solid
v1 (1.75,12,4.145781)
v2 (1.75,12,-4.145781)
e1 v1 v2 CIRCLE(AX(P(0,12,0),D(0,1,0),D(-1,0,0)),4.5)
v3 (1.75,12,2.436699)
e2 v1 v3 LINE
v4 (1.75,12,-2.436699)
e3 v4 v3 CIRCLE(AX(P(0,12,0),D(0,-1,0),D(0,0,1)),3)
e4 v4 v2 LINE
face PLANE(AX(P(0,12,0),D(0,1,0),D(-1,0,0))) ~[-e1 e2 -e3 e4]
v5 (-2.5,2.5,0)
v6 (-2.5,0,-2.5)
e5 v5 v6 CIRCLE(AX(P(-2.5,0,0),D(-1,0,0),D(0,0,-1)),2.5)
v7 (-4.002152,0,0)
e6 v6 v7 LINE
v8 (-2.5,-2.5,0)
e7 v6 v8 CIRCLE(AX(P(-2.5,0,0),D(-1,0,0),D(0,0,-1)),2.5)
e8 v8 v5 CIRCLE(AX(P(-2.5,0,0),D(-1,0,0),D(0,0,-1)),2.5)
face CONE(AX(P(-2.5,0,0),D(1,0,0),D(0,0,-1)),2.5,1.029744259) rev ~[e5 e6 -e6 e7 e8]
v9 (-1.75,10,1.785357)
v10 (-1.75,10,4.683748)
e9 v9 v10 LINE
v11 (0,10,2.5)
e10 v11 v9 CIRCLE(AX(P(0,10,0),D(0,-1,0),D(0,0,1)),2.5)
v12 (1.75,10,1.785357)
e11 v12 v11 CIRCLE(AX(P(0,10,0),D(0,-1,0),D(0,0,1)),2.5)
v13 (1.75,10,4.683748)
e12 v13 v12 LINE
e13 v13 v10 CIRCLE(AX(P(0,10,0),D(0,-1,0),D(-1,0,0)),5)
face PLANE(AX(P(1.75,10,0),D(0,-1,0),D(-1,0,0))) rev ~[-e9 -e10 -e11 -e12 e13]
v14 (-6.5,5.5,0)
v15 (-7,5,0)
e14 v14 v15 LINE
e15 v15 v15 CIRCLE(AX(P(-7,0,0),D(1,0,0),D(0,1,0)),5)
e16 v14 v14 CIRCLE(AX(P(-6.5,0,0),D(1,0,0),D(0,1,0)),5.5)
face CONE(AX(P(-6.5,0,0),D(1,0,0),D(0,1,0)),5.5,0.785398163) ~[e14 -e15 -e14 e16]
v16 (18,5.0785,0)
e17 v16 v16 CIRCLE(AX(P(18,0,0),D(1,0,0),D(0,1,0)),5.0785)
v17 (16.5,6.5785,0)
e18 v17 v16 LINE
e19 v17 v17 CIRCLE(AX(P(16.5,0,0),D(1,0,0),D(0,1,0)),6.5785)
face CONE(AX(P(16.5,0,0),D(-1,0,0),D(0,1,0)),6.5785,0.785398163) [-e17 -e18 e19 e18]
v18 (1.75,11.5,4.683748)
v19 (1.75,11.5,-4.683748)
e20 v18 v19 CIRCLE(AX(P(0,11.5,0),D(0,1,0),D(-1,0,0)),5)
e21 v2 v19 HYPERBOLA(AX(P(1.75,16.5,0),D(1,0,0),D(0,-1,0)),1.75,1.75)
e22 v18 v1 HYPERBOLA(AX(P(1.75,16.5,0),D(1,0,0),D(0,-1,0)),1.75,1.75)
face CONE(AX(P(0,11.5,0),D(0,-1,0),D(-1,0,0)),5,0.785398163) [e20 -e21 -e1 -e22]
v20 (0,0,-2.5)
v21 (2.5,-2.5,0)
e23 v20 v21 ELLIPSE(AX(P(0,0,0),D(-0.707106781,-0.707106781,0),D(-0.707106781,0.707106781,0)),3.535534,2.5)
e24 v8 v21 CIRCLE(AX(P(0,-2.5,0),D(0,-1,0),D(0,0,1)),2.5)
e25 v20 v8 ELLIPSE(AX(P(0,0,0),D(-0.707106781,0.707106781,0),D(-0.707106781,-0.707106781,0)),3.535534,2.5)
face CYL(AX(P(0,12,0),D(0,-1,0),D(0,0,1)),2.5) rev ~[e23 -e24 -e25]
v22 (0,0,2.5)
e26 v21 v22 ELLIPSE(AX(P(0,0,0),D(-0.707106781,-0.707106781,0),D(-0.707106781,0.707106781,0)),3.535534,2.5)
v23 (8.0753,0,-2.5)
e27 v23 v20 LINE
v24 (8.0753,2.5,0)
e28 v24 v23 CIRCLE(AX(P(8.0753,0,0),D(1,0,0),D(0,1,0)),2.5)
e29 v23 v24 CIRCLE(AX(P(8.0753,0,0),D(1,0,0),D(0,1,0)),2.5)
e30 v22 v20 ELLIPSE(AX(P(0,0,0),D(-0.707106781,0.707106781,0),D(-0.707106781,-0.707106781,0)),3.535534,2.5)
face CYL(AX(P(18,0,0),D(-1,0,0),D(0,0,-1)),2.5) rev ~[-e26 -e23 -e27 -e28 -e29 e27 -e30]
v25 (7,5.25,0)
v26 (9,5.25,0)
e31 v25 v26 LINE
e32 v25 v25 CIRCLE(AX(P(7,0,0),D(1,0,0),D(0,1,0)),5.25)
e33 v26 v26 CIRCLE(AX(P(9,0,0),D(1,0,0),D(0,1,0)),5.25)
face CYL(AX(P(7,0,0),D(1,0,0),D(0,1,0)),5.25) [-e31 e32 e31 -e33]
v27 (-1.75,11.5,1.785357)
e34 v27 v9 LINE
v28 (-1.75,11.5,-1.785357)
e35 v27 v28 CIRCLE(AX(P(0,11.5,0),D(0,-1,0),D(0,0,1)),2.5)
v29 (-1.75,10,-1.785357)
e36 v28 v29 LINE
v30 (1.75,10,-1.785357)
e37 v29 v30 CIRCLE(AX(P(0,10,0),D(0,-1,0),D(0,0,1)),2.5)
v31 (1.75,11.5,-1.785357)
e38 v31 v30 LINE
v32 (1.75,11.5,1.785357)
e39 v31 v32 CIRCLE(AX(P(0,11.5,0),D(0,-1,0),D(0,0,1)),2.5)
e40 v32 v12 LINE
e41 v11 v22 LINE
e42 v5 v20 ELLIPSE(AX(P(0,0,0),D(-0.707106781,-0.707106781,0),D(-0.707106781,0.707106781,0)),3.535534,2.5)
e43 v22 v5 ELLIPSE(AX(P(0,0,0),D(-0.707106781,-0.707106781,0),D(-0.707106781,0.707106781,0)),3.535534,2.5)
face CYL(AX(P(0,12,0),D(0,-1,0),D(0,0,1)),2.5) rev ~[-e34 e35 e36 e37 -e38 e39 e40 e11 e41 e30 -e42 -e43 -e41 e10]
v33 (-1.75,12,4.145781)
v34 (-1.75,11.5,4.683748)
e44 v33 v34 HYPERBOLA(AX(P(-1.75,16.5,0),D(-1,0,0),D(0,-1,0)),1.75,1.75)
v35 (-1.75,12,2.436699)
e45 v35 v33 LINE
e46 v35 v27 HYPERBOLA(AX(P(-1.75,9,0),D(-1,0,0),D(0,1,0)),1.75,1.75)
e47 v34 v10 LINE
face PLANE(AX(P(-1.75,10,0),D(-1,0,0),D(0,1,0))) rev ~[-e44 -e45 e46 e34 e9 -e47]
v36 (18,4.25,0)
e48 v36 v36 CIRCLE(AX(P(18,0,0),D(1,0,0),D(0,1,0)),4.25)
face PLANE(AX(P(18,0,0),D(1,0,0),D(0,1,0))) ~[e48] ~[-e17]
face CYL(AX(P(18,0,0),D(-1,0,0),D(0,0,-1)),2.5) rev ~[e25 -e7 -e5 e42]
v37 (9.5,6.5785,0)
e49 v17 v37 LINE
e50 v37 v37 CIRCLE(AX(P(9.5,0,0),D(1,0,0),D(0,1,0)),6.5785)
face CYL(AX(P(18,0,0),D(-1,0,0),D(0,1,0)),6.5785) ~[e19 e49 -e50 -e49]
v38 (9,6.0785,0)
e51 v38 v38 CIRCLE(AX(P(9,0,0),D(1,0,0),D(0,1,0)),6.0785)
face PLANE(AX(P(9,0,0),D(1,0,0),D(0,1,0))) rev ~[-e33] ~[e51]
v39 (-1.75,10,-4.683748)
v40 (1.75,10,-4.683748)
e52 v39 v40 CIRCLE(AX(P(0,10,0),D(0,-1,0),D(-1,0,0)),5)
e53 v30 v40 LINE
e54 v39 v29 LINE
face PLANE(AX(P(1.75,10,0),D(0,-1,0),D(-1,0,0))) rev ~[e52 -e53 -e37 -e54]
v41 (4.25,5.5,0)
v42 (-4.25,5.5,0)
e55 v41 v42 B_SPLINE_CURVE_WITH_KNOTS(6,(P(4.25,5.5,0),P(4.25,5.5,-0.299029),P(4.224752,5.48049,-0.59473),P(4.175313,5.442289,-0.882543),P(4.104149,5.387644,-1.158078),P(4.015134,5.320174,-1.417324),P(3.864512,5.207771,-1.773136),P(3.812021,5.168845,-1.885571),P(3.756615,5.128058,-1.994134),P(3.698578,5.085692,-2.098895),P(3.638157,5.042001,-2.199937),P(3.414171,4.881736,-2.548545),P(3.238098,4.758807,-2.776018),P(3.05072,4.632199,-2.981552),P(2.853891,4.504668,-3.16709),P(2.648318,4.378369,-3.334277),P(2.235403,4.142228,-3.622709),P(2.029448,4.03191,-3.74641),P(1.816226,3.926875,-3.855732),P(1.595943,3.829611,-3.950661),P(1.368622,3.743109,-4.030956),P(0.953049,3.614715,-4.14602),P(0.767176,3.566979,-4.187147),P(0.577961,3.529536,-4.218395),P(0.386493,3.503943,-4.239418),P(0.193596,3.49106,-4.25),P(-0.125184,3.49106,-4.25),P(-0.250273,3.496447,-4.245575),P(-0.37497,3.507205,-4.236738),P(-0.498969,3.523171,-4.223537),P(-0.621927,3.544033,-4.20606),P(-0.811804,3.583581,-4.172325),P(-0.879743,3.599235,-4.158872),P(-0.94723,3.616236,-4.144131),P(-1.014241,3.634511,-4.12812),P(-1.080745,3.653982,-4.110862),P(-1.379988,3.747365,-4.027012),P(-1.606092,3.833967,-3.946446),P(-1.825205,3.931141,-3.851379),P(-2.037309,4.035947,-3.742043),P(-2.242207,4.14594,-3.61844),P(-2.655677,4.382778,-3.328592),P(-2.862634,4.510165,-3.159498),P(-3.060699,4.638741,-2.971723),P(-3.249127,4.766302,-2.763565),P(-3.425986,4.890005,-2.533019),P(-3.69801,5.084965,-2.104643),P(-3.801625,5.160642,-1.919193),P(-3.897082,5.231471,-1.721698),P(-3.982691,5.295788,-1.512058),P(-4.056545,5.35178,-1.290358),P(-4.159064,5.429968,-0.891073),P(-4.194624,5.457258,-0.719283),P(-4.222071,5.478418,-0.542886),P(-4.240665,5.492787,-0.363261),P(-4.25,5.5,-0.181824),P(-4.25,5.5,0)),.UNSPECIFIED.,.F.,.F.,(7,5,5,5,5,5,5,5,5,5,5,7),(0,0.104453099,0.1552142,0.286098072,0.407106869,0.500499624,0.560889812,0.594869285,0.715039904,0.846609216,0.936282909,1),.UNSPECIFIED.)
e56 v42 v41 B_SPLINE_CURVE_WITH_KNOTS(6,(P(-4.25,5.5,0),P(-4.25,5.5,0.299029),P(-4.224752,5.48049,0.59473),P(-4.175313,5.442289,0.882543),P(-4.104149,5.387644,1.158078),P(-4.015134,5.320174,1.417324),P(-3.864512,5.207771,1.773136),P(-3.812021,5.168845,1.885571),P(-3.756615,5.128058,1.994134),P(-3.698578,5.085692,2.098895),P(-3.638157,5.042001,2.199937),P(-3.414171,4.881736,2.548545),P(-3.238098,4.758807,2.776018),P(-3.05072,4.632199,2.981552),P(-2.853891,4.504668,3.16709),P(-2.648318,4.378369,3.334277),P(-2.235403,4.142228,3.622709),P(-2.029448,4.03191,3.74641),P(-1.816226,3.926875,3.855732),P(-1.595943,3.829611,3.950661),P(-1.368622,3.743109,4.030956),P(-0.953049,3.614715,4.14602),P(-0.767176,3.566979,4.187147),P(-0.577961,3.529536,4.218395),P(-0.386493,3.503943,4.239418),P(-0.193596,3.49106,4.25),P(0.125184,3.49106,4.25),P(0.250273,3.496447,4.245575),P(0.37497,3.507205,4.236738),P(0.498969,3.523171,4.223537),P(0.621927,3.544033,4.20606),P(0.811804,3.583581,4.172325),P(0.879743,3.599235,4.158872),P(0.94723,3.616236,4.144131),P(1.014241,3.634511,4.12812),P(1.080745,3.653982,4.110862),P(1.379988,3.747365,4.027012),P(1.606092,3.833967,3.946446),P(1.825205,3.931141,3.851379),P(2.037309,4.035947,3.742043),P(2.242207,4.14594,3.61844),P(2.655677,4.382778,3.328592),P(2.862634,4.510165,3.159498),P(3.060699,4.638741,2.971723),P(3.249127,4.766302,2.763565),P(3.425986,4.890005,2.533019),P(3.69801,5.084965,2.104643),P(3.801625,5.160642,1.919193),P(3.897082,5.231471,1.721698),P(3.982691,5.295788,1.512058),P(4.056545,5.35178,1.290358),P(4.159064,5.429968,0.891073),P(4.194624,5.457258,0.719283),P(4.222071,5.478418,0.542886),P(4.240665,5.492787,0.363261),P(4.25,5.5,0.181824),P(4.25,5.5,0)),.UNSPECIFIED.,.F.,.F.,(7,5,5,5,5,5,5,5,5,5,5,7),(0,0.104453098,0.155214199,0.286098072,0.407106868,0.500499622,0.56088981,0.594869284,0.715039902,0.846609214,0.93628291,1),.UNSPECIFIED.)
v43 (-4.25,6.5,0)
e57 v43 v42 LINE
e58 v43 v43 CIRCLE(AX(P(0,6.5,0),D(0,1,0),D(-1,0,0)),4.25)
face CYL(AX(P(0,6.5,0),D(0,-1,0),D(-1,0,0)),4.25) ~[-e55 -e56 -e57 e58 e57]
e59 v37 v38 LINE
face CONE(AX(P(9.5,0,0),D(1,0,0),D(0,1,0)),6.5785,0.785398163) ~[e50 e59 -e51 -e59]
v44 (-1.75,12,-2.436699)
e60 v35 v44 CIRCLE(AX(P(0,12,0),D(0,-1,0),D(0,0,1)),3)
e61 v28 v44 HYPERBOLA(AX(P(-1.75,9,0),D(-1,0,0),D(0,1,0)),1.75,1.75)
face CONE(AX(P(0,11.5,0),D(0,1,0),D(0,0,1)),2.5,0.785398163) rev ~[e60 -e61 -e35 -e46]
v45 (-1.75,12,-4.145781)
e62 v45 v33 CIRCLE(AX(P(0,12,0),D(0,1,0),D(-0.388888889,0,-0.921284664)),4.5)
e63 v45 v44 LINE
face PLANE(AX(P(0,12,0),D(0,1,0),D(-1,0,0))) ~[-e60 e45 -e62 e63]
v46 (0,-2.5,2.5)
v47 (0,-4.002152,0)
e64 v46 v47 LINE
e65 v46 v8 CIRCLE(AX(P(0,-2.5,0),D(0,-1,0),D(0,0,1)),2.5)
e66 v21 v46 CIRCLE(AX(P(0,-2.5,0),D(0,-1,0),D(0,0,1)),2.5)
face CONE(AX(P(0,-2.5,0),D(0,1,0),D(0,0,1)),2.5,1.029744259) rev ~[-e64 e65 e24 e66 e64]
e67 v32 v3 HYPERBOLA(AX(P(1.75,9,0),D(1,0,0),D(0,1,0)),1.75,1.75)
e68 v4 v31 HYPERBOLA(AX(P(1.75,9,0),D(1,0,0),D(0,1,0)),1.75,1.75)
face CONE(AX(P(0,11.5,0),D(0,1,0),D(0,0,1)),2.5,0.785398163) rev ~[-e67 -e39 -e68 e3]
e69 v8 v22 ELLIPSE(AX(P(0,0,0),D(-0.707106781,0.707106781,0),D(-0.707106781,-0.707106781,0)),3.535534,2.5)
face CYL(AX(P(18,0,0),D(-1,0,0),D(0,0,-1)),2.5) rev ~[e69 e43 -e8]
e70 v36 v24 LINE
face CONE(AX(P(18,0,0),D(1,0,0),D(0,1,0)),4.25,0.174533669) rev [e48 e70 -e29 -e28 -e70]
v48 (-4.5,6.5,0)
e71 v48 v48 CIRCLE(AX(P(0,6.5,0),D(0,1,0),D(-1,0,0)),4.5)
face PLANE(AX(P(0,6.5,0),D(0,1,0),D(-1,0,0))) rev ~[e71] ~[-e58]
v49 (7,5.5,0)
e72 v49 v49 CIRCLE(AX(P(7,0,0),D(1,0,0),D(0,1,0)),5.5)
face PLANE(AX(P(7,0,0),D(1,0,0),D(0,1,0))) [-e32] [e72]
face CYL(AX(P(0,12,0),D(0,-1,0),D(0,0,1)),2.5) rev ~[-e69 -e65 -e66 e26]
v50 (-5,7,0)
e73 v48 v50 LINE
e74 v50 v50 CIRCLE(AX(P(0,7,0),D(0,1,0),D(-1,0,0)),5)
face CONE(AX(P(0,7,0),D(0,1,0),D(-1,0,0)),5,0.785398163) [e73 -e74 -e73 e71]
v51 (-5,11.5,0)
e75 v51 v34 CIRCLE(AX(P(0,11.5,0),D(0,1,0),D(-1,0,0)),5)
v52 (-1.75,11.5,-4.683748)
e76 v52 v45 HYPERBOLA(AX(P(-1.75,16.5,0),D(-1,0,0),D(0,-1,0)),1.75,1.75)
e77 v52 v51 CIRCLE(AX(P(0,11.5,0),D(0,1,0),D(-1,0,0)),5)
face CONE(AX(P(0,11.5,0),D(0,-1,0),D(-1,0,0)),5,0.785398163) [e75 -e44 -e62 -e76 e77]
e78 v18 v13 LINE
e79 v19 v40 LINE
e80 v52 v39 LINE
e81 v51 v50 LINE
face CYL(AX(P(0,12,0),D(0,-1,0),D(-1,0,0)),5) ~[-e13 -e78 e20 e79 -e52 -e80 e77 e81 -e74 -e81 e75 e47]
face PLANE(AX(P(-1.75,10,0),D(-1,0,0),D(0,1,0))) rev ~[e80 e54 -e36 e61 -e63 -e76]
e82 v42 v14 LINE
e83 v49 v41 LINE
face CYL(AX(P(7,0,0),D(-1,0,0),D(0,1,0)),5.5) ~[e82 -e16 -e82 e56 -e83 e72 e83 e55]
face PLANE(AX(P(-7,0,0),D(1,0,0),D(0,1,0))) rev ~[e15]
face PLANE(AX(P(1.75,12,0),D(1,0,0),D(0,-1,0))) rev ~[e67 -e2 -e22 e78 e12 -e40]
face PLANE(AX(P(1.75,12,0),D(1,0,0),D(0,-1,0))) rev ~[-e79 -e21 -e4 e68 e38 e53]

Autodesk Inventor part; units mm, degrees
ref_plane "YZ Plane" through (0, 0, 0) normal (1, 0, 0) x (0, 1, 0)
ref_plane "XZ Plane" through (0, 0, 0) normal (0, 1, 0) x (-1, 0, 0)
ref_plane "XY Plane" through (0, 0, 0) normal (0, 0, 1) x (1, 0, 0)
sketch "Sketch1" plane through (0, 0, 0) normal (0, 0, 1) x (1, 0, 0)
  line L0 (18, 0) -> (18, 6.5785)
  line L1 (18, 6.5785) -> (9, 6.5785)
  line L2 (9, 6.5785) -> (9, 5.25)
  line L3 (7, 5.5) -> (-7, 5.5)
  line L4 (-7, 5.5) -> (-7, 0)
  line L5 (-7, 0) -> (18, 0)
  line L6 (7, 5.5) -> (7, 5.25)
  line L7 (7, 5.25) -> (9, 5.25)
  point P0 (0, 0)
  dimension "d0" = 25
  dimension "d1" = 18
  dimension "d2" = 11
  dimension "d3" = 10.5
  dimension "d4" = 9
  dimension "d5" = 2
  dimension "d13" = 13.157
revolve "Revolution1" add sketch "Sketch1" angle 360 about axis through (-7, 0, 0) along (1, 0, 0)
chamfer "Chamfer1" distance 1.5 angle 45 1 edges at (18, -6.5785, 0)
chamfer "Chamfer2" distance 0.5 angle 45 1 edges at (9, -6.5785, 0)
thread "Thread1" size "G13.157x1.337" designation "G 1/4" class "A" standard "ISO Pipe Threads" full length
sketch "Sketch2" plane through (0, 0, 0) normal (0, 0, 1) x (1, 0, 0)
  line L0 (0, 12) -> (-5, 12)
  line L1 (-5, 12) -> (-5, 6.5)
  line L2 (-5, 6.5) -> (-4.25, 6.5)
  line L3 (-4.25, 6.5) -> (-4.25, 0)
  line L4 (-4.25, 0) -> (0, 0)
  line L5 (0, 0) -> (0, 12)
  dimension "d16" = 12
  dimension "d17" = 10
  dimension "d18" = 8.5
  dimension "d19" = 5.5
revolve "Revolution2" add sketch "Sketch2" angle 360 about axis through (0, 0, 0) along (0, 1, 0)
chamfer "Chamfer3" distance 0.5 angle 45 3 edges at (5, 12, 0) (5, 6.5, 0) (-7, -5.5, 0)
sketch "Sketch3" plane through (0, 0, 0) normal (0, 0, 1) x (1, 0, 0)
  line L0 (18, 5.0785) -> (18, -5.0785) projected
  line L1 (18, 0) -> (18, 4.25)
  line L2 (18, 4.25) -> (8.0753, 2.5)
  line L3 (8.0753, 2.5) -> (8.0753, 0)
  line L4 (8.0753, 0) -> (18, 0)
  point P0 (0, 0)
  dimension "d24" = 8.5
  dimension "d25" = 10
  dimension "d26" = 5
revolve "Revolution3" cut sketch "Sketch3" angle 360 about axis through (8.0753, 0, 0) along (1, 0, 0)
sketch "Sketch4" plane through (18, 0, 0) normal (1, 0, 0) x (0, 0, -1)
  circle A0 centre (0, 0) radius 4.25 projected
  point P0 (0, 0)
  point P1 (0, 0)
hole "Hole1" at (18, 0, 0) direction (-1, 0, 0) diameter 5 depth 20.5 tip angle 118
sketch "Sketch5" plane through (0, 12, 0) normal (0, 1, 0) x (1, 0, 0)
  circle A0 centre (0, 0) radius 4.5 projected
hole "Hole2" at (0, 12, 0) direction (0, -1, 0) diameter 5 depth 14.5 tip angle 118
chamfer "Chamfer4" distance 0.5 angle 45 1 edges at (0, 12, -2.5)
sketch "Sketch6" plane through (0, 0, 0) normal (0, 0, 1) x (1, 0, 0)
  line L0 (-4.5, 12) -> (4.5, 12) projected
  line L1 (-1.75, 12) -> (1.75, 12)
  line L2 (1.75, 12) -> (1.75, 10)
  line L3 (1.75, 10) -> (-1.75, 10)
  line L4 (-1.75, 10) -> (-1.75, 12)
  point P0 (0, 0)
  point P1 (0, 10)
  dimension "d45" = 2
  dimension "d46" = 3.5
extrude "Extrusion1" cut sketch "Sketch6" along normal through all both and the other way through all
properties part number "Part020. Hydraulic elbow" material "Steel, Carbon"
